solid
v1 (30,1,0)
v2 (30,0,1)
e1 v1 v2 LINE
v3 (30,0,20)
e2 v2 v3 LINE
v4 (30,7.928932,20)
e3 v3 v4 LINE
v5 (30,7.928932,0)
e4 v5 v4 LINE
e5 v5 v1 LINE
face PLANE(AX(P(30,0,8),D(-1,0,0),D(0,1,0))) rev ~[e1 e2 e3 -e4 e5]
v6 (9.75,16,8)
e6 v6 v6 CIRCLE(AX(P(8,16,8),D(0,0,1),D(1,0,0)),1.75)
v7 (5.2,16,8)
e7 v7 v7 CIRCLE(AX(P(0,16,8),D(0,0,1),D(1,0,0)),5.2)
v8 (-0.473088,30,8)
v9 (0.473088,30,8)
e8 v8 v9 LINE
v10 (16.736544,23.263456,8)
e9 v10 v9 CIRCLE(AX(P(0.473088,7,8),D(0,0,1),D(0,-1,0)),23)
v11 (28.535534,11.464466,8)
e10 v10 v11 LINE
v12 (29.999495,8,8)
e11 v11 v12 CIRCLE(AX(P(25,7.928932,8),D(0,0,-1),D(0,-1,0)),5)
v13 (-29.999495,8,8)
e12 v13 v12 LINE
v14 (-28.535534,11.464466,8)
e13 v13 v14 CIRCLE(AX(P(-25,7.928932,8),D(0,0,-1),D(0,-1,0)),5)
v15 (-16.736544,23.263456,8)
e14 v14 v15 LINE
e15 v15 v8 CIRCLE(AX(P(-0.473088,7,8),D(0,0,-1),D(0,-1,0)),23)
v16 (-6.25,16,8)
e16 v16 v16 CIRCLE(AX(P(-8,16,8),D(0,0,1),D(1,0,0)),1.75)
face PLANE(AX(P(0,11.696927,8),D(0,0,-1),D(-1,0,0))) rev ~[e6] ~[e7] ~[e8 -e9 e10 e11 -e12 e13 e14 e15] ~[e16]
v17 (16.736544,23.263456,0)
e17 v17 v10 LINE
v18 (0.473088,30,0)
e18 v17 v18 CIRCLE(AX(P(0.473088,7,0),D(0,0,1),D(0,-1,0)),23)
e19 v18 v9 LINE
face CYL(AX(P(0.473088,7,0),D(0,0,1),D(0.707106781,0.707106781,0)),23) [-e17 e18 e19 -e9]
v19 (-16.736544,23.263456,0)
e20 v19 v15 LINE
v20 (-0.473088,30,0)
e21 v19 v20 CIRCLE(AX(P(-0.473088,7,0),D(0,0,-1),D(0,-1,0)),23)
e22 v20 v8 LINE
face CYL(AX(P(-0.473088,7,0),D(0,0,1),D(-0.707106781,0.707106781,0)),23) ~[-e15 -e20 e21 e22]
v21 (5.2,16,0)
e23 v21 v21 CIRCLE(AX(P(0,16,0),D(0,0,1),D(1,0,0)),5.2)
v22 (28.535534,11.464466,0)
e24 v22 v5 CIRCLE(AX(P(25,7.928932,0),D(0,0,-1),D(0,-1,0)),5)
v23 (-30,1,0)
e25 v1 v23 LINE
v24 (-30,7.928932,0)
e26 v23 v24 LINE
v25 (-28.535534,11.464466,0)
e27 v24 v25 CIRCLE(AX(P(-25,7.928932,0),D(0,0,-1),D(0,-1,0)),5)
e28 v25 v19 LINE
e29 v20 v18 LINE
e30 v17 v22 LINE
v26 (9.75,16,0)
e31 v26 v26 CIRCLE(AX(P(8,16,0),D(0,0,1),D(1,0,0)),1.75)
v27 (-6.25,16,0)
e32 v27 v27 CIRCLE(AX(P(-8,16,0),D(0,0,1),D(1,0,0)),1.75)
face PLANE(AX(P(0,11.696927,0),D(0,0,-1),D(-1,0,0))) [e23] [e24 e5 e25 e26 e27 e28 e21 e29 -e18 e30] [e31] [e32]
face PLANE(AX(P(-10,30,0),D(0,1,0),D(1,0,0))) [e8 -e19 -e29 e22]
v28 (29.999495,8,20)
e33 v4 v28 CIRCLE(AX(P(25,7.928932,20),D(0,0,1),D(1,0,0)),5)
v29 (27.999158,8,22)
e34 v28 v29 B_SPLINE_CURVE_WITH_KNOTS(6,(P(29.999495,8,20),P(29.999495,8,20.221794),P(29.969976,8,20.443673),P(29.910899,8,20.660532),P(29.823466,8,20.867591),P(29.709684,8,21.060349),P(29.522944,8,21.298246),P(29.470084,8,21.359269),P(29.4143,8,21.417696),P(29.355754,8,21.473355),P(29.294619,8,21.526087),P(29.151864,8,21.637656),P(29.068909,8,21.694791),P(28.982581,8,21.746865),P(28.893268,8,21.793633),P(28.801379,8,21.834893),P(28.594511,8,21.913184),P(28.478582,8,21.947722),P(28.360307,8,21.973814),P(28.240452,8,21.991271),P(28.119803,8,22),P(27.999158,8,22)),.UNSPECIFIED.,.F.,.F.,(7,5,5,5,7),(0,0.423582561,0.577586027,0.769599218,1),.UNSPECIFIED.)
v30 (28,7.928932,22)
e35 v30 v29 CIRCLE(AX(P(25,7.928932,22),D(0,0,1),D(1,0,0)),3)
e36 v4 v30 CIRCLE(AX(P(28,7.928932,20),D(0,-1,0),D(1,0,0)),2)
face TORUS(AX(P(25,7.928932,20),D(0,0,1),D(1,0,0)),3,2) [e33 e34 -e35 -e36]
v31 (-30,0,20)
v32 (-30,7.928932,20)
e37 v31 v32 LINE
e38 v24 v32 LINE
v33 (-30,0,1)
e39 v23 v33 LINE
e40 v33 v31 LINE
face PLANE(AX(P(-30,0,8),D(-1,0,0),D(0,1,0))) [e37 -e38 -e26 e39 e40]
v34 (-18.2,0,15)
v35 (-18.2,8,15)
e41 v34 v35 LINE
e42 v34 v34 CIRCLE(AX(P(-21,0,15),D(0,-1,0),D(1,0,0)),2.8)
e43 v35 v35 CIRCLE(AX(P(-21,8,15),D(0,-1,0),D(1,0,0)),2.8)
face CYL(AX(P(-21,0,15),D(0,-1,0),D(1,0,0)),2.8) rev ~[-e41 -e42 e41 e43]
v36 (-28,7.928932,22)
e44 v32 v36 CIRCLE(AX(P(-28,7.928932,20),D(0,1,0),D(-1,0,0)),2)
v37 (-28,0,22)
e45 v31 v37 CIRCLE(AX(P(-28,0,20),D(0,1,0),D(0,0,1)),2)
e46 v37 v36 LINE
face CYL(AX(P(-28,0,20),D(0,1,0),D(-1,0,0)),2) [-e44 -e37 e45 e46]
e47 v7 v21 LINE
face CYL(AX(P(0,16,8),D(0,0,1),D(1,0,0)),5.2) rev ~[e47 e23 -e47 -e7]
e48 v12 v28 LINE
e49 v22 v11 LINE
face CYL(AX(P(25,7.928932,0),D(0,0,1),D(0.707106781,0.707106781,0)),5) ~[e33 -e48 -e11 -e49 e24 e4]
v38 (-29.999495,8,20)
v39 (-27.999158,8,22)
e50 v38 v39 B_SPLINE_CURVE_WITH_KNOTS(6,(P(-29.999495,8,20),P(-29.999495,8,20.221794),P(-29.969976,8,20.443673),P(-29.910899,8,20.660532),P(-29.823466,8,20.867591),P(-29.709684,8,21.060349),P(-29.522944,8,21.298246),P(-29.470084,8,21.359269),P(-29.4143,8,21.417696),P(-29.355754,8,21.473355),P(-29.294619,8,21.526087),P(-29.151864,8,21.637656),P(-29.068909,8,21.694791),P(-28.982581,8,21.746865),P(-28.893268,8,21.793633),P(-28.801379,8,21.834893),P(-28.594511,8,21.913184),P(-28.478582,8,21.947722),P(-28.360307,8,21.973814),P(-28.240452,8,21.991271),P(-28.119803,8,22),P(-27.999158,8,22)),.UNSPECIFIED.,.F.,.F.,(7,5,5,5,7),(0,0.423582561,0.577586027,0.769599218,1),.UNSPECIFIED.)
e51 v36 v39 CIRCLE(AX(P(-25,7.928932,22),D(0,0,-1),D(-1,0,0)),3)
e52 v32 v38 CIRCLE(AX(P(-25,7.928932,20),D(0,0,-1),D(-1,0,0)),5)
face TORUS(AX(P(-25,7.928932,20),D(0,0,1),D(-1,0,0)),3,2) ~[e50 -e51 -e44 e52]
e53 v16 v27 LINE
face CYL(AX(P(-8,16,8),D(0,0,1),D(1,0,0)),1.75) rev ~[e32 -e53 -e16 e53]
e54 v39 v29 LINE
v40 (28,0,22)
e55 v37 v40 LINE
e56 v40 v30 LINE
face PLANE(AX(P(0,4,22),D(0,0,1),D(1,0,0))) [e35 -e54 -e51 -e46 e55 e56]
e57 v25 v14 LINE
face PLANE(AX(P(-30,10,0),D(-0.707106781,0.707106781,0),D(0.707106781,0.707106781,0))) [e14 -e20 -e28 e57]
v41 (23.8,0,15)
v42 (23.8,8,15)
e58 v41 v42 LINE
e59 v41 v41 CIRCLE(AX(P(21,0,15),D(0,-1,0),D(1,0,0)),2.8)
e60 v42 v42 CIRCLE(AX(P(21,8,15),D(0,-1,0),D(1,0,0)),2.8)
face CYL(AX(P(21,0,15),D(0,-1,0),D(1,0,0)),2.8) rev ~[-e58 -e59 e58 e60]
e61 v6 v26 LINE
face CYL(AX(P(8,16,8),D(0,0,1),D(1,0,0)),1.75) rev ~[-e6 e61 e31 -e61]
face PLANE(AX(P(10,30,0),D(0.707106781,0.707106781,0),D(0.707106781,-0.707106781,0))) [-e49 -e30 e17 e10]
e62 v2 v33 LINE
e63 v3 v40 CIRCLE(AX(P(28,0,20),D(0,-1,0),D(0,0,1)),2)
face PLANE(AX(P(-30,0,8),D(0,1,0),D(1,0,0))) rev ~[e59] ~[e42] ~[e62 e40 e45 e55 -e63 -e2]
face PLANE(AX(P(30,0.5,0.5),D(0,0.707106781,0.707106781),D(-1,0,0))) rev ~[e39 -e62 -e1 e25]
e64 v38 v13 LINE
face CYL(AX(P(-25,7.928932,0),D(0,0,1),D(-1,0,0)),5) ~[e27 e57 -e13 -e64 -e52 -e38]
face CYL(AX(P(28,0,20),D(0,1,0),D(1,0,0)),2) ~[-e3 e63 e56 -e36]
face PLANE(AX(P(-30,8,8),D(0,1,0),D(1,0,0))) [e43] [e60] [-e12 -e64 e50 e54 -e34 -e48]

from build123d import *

# Parameters (mm, degrees)
PAD_DEPTH       = 8
SKETCH001_R     = 5.2
SKETCH001_R_2   = 1.75
POCKET_DEPTH    = 8.001
SKETCH002_W     = 60
SKETCH002_H     = 8
PAD001_DEPTH    = 14
SKETCH003_R     = 2.8
POCKET001_DEPTH = 30.001
FILLET_R        = 23
FILLET001_R     = 5
CHAMFER_SIZE    = 1
FILLET002_R     = 2


with BuildPart() as part:
    # Sketch → Pad (new body)
    with BuildSketch(Plane.XY):
        Polygon((-30, 0), (-30, 10), (-10, 30), (10, 30), (30, 10), (30, 0), align=None)
    extrude(amount=PAD_DEPTH)

    # Sketch001 → Pocket (cut, through all)
    with BuildSketch(Plane.XY.offset(8)):
        with Locations((0, 16)):
            Circle(SKETCH001_R)
        with Locations((-8, 16)):
            Circle(SKETCH001_R_2)
        with Locations((8, 16)):
            Circle(SKETCH001_R_2)
    extrude(amount=-POCKET_DEPTH, mode=Mode.SUBTRACT)

    # Sketch002 → Pad001 (new body)
    with BuildSketch(Plane.XY.offset(8)):
        with Locations((0, 4)):
            Rectangle(SKETCH002_W, SKETCH002_H)
    extrude(amount=PAD001_DEPTH)

    # Sketch003 → Pocket001 (cut, through all)
    with BuildSketch(Plane.XZ):
        with Locations((-21, 15)):
            Circle(SKETCH003_R)
        with Locations((21, 15)):
            Circle(SKETCH003_R)
    extrude(amount=-POCKET001_DEPTH, mode=Mode.SUBTRACT)

    # Fillet
    fillet_edges = [part.edges().sort_by_distance(p)[0] for p in [
        (10, 30, 4),
        (-10, 30, 4),
    ]]
    fillet(fillet_edges, radius=FILLET_R)

    # Fillet001
    fillet001_edges = [part.edges().sort_by_distance(p)[0] for p in [
        (30, 10, 4),
        (-30, 10, 4),
    ]]
    fillet(fillet001_edges, radius=FILLET001_R)

    # Chamfer
    chamfer_edges = [part.edges().sort_by_distance(p)[0] for p in [
        (0, 0, 0),
    ]]
    chamfer(chamfer_edges, length=CHAMFER_SIZE)

    # Fillet002
    fillet002_edges = [part.edges().sort_by_distance(p)[0] for p in [
        (30, 3.964466, 22),
        (-30, 3.964466, 22),
    ]]
    fillet(fillet002_edges, radius=FILLET002_R)


solid = part.part
